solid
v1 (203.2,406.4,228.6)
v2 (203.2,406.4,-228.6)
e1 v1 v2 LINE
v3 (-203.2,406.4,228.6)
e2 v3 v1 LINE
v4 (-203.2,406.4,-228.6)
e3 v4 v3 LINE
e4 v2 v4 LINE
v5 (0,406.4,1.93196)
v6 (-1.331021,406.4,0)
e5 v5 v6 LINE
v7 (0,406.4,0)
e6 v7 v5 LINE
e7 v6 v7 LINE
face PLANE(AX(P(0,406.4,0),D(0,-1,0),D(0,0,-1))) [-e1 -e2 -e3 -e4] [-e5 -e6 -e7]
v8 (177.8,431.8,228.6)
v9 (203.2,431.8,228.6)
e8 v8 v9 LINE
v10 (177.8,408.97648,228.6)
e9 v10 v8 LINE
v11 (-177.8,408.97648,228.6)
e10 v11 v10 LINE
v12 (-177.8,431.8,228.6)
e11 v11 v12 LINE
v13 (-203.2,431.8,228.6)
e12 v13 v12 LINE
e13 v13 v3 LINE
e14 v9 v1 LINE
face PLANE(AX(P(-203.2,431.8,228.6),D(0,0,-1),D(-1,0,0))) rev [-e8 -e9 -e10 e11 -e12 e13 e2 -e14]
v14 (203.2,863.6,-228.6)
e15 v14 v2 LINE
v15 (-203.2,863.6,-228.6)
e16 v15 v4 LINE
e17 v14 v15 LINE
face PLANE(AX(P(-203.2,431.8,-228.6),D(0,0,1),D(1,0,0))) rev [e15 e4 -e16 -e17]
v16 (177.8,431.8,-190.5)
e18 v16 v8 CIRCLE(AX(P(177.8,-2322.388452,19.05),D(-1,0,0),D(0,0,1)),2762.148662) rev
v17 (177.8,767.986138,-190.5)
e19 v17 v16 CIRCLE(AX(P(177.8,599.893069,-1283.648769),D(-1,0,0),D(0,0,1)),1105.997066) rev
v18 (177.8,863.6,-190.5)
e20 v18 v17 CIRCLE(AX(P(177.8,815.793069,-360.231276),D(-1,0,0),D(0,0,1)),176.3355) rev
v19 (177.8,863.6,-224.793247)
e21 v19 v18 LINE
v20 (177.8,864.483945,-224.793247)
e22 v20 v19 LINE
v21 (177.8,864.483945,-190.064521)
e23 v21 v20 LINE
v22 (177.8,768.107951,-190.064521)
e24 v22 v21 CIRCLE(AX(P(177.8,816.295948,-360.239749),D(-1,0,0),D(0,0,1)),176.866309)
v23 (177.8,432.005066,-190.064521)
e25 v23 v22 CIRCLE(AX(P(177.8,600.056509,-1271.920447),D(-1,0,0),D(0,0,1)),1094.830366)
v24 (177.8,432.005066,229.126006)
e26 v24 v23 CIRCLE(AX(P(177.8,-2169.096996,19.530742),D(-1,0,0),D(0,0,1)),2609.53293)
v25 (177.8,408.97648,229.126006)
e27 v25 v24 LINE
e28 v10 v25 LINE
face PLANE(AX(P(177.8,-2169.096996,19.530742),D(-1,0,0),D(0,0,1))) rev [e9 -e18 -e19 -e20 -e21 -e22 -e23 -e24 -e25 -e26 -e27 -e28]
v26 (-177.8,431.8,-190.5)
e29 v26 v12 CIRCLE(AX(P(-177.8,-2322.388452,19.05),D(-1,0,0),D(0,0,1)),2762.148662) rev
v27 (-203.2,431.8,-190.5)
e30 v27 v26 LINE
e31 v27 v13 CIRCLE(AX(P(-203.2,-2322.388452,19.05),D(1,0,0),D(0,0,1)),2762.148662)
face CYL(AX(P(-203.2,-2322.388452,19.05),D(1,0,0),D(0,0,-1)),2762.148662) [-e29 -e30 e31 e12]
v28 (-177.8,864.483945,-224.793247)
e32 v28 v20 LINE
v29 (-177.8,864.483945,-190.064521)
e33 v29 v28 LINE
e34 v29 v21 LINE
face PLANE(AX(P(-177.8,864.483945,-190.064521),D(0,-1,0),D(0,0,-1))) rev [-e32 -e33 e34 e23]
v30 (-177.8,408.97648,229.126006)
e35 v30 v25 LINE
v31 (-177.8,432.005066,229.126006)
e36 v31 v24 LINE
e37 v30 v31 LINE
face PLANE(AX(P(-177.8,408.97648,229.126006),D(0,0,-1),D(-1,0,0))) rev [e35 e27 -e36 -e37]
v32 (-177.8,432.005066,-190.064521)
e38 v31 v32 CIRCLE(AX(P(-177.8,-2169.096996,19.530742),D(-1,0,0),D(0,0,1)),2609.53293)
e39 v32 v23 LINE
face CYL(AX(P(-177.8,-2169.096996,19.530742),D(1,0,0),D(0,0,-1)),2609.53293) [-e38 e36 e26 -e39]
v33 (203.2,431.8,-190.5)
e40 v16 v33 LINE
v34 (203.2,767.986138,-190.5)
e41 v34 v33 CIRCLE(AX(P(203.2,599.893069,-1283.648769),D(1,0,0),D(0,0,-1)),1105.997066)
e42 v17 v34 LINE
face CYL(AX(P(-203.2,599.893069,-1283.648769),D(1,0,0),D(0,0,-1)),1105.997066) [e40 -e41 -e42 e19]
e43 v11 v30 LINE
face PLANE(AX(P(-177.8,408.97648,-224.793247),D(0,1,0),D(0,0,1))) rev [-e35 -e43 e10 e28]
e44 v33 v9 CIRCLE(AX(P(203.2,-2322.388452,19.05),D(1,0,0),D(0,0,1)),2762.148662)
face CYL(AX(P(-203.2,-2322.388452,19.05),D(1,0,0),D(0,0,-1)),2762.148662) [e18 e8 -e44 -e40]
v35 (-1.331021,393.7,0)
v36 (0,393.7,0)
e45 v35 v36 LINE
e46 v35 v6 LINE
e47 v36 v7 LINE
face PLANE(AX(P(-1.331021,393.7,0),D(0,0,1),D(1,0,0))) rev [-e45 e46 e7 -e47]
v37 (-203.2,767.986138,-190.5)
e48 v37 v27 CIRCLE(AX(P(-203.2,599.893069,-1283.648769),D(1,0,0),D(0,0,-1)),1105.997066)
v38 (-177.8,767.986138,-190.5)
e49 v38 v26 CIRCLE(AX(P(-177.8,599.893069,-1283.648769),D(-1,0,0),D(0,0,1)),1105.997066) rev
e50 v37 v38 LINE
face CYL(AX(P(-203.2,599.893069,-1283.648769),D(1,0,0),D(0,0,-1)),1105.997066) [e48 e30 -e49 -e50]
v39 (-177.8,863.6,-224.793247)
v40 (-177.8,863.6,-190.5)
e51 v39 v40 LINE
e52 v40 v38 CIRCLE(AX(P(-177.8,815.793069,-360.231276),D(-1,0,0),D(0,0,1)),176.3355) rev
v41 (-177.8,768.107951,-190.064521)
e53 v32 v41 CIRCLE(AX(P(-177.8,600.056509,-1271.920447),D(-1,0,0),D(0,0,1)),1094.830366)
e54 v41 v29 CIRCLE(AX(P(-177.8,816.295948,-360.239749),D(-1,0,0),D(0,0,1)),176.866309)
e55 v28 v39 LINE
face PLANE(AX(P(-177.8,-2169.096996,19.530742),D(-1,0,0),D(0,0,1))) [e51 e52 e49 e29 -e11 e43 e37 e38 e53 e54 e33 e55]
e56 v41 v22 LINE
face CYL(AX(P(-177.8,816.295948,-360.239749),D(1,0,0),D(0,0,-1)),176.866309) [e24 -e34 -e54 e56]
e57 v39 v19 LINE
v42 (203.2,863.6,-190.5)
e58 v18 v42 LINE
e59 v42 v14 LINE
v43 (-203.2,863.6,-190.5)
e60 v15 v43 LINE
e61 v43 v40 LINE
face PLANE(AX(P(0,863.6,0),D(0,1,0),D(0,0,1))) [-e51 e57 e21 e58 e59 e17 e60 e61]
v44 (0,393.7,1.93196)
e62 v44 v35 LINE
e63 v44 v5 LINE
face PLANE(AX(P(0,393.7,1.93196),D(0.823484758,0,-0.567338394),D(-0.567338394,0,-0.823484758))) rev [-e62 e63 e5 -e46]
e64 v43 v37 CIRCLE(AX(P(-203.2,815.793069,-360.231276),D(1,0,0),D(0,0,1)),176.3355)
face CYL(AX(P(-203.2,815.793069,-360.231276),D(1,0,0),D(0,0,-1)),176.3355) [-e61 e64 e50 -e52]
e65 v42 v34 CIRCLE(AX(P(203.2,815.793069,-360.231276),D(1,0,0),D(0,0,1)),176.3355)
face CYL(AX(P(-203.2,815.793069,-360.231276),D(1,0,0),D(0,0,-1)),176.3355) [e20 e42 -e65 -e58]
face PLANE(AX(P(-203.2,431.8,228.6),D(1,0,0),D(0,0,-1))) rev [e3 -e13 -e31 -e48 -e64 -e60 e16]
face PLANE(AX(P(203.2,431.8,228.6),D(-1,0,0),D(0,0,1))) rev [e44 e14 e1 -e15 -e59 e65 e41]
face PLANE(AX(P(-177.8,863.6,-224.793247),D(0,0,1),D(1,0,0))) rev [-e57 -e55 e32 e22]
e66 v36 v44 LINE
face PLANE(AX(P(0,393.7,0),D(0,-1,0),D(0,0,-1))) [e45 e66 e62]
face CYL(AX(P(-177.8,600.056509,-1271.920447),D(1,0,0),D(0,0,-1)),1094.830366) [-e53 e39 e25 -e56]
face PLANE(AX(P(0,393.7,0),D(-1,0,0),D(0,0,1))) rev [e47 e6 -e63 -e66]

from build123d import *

# Parameters (mm, degrees)
BOSS_EXTRUDE1_START  = 406.4
SKETCH2_W            = 406.4
SKETCH2_H            = 457.2
BOSS_EXTRUDE1_DEPTH  = 25.4
SKETCH5_W            = 406.4
SKETCH5_H            = 38.1
BOSS_EXTRUDE2_DEPTH  = 431.8
BOSS_EXTRUDE3_DEPTH  = 406.4
BOSS_EXTRUDE5_DEPTH  = 406.4
BOSS_EXTRUDE6_DEPTH  = 406.4
BOSS_EXTRUDE8_START  = -25.4
BOSS_EXTRUDE8_DEPTH  = 355.6
BOSS_EXTRUDE10_DEPTH = 12.7


with BuildPart() as part:
    # Sketch2 → Boss-Extrude1 (new body)
    with BuildSketch(Plane(origin=(0, 0, 0), x_dir=(1, 0, 0), z_dir=(0, 1, 0)).offset(BOSS_EXTRUDE1_START)):
        Rectangle(SKETCH2_W, SKETCH2_H)
    extrude(amount=BOSS_EXTRUDE1_DEPTH)

    # Sketch5 → Boss-Extrude2 (add)
    with BuildSketch(Plane(origin=(0, 431.8, 0), x_dir=(1, 0, 0), z_dir=(0, 1, 0))):
        with Locations((0, 209.55)):
            Rectangle(SKETCH5_W, SKETCH5_H)
    extrude(amount=BOSS_EXTRUDE2_DEPTH)

    # Sketch6 → Boss-Extrude3 (add)
    with BuildSketch(Plane(origin=(203.2, 0, 0), x_dir=(0, 0, -1), z_dir=(1, 0, 0))):
        with BuildLine():
            Line((190.5, 431.8), (228.6, 431.8))
            Line((228.6, 431.8), (228.6, 863.6))
            Line((228.6, 863.6), (209.55, 863.6))
            ThreePointArc((209.55, 863.6), (178.726471845, 648.639640948), (190.5, 431.8))
        make_face()
    extrude(amount=-BOSS_EXTRUDE3_DEPTH)

    # Sketch7 → Boss-Extrude5 (add)
    with BuildSketch(Plane(origin=(203.2, 0, 0), x_dir=(0, 0, -1), z_dir=(1, 0, 0))):
        with BuildLine():
            Line((-228.6, 431.8), (-228.6, 406.4))
            Line((-228.6, 406.4), (190.5, 406.4))
            Line((190.5, 406.4), (190.5, 431.8))
            ThreePointArc((190.5, 431.8), (-19.05, 439.760210116), (-228.6, 431.8))
        make_face()
    extrude(amount=-BOSS_EXTRUDE5_DEPTH)

    # Sketch8 → Boss-Extrude6 (add)
    with BuildSketch(Plane(origin=(203.2, 0, 0), x_dir=(0, 0, -1), z_dir=(1, 0, 0))):
        with BuildLine():
            Line((190.5, 863.6), (228.6, 863.6))
            Line((228.6, 863.6), (228.6, 767.986138045))
            Line((228.6, 767.986138045), (190.5, 767.986138045))
            ThreePointArc((190.5, 767.986138045), (183.89577559, 815.793069023), (190.5, 863.6))
        make_face()
    extrude(amount=-BOSS_EXTRUDE6_DEPTH)

    # Sketch9 → Boss-Extrude8 (add)
    with BuildSketch(Plane(origin=(203.2, 0, 0), x_dir=(0, 0, -1), z_dir=(1, 0, 0)).offset(BOSS_EXTRUDE8_START)):
        with BuildLine():
            Line((190.064521118, 864.483944692), (224.793246745, 864.483944692))
            Line((224.793246745, 864.483944692), (224.793246745, 863.6))
            Line((224.793246745, 863.6), (224.793246745, 408.97647982))
            Line((224.793246745, 408.97647982), (-229.126005902, 408.97647982))
            Line((-229.126005902, 408.97647982), (-229.126005902, 432.005066032))
            ThreePointArc((-229.126005902, 432.005066032), (-19.530742392, 440.435933777), (190.064521118, 432.005066032))
            ThreePointArc((190.064521118, 432.005066032), (177.09008034, 600.056508721), (190.064521118, 768.10795141))
            ThreePointArc((190.064521118, 768.10795141), (183.373440165, 816.295948051), (190.064521118, 864.483944692))
        make_face()
    extrude(amount=-BOSS_EXTRUDE8_DEPTH)

    # Sketch11 → Boss-Extrude10 (add)
    with BuildSketch(Plane.XZ.offset(-406.4)):
        Polygon((0, 0), (0, 1.931960206), (-1.331020628, 0), align=None)
    extrude(amount=BOSS_EXTRUDE10_DEPTH)


solid = part.part
